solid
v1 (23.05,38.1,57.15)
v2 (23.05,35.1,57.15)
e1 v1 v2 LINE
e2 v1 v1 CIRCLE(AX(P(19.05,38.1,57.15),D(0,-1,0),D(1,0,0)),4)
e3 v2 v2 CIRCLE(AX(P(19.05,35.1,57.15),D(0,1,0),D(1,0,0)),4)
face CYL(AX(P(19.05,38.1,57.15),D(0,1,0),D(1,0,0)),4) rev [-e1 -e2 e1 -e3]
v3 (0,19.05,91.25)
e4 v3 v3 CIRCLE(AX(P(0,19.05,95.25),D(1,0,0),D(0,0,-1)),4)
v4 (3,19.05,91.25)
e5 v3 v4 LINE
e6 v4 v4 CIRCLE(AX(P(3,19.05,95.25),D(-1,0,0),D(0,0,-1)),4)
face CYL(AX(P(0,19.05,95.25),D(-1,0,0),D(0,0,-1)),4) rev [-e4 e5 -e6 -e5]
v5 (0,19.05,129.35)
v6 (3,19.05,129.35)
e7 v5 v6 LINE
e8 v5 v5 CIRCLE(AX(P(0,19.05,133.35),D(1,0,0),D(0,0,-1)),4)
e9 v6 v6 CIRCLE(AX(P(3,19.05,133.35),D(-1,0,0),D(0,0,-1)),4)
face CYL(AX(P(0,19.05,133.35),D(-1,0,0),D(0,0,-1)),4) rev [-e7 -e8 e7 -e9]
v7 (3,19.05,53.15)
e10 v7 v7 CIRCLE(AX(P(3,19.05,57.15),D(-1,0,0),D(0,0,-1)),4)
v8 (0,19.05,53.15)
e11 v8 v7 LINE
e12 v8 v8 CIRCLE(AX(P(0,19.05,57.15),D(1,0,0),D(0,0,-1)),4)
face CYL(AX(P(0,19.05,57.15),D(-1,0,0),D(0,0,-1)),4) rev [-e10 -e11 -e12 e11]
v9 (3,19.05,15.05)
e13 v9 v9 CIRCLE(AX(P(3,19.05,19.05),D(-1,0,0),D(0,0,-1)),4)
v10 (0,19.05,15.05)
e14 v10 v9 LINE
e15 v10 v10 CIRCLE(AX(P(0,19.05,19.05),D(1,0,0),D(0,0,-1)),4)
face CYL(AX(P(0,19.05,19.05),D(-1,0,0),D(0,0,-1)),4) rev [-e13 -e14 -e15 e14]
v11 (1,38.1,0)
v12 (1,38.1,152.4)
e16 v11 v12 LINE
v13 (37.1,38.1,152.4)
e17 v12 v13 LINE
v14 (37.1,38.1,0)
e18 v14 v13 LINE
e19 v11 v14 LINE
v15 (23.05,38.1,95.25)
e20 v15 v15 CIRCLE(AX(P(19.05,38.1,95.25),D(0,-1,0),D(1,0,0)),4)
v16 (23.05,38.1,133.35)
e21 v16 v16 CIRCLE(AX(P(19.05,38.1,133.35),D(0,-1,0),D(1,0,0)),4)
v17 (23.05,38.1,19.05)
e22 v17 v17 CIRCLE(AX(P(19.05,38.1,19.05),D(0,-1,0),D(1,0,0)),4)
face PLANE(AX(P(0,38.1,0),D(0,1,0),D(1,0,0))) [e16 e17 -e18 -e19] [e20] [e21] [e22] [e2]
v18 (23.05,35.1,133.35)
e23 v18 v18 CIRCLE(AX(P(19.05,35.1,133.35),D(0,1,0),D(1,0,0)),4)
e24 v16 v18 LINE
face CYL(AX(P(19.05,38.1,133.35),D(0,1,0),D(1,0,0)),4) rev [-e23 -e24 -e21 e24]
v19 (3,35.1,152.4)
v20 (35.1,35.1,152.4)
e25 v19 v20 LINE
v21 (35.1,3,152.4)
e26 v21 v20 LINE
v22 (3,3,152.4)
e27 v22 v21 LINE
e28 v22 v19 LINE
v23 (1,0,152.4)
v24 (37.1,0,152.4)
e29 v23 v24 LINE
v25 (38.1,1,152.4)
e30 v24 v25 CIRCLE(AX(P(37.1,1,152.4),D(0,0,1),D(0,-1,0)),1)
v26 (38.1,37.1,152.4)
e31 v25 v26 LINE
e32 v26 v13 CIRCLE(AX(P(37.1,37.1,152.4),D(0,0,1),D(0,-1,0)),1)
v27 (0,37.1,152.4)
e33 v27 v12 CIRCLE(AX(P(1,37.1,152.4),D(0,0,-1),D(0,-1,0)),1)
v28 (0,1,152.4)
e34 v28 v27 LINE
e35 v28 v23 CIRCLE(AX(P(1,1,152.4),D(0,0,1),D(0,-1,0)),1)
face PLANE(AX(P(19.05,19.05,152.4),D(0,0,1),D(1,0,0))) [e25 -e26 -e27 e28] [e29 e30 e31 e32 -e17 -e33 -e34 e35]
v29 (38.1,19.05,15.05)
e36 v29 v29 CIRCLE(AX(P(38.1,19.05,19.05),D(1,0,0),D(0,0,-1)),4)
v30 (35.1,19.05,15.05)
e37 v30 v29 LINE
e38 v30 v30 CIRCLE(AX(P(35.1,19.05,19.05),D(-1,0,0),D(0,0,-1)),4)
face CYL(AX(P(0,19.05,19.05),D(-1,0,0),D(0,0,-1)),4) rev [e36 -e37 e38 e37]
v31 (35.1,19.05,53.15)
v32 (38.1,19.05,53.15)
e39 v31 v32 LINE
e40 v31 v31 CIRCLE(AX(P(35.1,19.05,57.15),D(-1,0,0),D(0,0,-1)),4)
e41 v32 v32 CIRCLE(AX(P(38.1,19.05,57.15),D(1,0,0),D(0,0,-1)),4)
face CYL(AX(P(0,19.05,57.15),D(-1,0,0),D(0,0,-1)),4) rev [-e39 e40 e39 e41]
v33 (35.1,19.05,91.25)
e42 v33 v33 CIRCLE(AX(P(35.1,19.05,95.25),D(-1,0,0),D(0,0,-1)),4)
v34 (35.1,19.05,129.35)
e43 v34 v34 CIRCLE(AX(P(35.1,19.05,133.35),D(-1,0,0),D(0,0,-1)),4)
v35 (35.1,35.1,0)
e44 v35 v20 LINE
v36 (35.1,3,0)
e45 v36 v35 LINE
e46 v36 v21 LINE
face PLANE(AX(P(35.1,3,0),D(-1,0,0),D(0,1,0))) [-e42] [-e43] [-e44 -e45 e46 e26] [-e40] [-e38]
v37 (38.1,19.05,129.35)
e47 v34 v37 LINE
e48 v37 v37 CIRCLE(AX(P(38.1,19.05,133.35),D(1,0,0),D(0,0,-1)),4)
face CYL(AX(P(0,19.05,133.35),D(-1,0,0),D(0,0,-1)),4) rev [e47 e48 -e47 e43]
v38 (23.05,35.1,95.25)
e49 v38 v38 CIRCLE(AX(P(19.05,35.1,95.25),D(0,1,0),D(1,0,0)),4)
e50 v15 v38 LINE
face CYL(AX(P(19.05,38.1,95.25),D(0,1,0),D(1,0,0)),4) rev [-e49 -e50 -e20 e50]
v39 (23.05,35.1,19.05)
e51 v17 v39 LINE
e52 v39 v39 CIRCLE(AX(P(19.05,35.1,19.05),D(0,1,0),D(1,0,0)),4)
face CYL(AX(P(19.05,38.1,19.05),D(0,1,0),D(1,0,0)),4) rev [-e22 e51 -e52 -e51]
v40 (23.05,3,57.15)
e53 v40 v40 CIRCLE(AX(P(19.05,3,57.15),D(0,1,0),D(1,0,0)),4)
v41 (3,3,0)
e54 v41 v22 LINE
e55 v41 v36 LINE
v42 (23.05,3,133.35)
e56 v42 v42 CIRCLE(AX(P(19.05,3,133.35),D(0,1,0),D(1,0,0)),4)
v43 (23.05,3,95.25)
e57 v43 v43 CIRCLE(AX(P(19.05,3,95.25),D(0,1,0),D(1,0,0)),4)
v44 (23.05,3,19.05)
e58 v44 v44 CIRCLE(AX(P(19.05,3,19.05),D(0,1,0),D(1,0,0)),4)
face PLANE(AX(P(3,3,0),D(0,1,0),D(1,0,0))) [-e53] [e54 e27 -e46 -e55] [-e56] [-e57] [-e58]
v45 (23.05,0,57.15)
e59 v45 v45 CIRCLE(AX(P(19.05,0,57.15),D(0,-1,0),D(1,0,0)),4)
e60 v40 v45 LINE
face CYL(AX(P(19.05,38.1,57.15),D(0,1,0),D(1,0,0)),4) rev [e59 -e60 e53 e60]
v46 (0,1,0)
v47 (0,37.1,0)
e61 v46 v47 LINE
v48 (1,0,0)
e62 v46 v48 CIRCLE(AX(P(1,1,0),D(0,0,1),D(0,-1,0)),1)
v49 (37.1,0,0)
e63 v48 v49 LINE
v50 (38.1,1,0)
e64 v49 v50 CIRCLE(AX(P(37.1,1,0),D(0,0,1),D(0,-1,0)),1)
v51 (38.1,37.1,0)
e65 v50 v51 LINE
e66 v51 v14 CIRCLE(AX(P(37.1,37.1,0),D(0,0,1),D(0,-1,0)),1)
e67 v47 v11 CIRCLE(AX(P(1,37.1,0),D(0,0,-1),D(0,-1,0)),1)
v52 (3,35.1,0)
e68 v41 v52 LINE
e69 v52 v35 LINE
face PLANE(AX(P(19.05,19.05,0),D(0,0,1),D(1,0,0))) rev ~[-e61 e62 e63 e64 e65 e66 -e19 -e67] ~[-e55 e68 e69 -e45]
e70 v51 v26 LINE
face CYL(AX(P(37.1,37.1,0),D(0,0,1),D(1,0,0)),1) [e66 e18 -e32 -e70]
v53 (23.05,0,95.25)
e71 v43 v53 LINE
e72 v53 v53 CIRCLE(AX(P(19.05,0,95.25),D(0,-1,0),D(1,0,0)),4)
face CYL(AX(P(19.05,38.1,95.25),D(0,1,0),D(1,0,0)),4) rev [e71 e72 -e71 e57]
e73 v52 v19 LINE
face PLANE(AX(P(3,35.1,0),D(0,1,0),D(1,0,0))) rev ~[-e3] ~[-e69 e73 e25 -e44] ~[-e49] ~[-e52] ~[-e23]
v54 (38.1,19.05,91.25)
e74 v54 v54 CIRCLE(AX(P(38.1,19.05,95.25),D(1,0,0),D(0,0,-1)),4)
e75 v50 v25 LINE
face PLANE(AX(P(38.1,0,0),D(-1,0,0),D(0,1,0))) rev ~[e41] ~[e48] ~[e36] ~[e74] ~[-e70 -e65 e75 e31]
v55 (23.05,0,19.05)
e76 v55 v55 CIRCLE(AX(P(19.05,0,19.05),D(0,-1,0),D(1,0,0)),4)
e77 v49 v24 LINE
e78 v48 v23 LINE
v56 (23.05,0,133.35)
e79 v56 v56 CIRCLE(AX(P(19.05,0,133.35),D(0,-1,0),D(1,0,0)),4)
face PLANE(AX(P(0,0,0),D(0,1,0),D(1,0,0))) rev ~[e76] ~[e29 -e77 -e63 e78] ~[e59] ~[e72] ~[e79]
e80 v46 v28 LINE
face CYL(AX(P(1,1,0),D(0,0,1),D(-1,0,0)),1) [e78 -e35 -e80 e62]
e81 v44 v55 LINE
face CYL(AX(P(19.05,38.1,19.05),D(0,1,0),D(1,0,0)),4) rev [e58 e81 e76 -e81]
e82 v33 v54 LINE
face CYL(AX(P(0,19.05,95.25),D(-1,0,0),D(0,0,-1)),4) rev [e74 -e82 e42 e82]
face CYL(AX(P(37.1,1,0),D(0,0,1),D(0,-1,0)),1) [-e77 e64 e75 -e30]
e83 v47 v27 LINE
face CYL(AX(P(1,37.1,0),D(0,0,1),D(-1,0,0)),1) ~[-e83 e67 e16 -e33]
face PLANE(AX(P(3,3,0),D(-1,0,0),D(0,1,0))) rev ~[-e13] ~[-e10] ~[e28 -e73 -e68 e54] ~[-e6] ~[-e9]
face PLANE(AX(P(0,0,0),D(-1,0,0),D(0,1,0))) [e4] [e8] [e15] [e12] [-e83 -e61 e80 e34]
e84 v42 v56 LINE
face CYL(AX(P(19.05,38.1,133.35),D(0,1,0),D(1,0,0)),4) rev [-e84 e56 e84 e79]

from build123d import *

# Parameters (mm, degrees)
BOX001_W               = 32.1
BOX001_H               = 32.1
BOX001_DEPTH           = 152.4
CYLINDER_R             = 4
CYLINDER_DEPTH         = 38.1
CYLINDER_PITCH_ANGLE   = 90
ARRAY001_Z_COUNT       = 4
ARRAY001_Z_PITCH       = 38.1
CYLINDER001_R          = 4
CYLINDER001_DEPTH      = 38.1
CYLINDER001_ROLL_ANGLE = 90
ARRAY_Z_COUNT          = 4
ARRAY_Z_PITCH          = 38.1
BOX_W                  = 38.1
BOX_H                  = 38.1
BOX_DEPTH              = 152.4
FILLET_R               = 1


with BuildPart() as cutout:
    # Box001 → Box001 (new body)
    with BuildSketch(Plane(origin=(3, 3, 0), x_dir=(1, 0, 0), z_dir=(0, 0, 1))):
        with Locations((16.05, 16.05)):
            Rectangle(BOX001_W, BOX001_H)
    extrude(amount=BOX001_DEPTH)


with BuildPart() as holes2:
    # Cylinder → Cylinder (new body)
    with BuildSketch(Plane.XY):
        Circle(CYLINDER_R)
    extrude(amount=CYLINDER_DEPTH)


with BuildPart() as holes2_1:
    # Cylinder pitch: moved
    add(holes2.part.rotate(Axis((0, 0, 0), (0, 1, 0)), CYLINDER_PITCH_ANGLE))


with BuildPart() as holes2_2:
    # Cylinder placement: moved
    add(holes2_1.part.moved(Location((0, 19.05, 19.05))))

    # Array001 Z: Holes2 ×4


with BuildPart() as holes2_3:
    add(holes2_2.part)
    with Locations(*[(0, 0, i * ARRAY001_Z_PITCH) for i in range(1, ARRAY001_Z_COUNT)]):
        add(holes2_2.part)


with BuildPart() as holes1:
    # Cylinder001 → Cylinder001 (new body)
    with BuildSketch(Plane.XY):
        Circle(CYLINDER001_R)
    extrude(amount=CYLINDER001_DEPTH)


with BuildPart() as holes1_1:
    # Cylinder001 roll: moved
    add(holes1.part.rotate(Axis((0, 0, 0), (1, 0, 0)), CYLINDER001_ROLL_ANGLE))


with BuildPart() as holes1_2:
    # Cylinder001 placement: moved
    add(holes1_1.part.moved(Location((19.05, 38.1, 19.05))))

    # Array Z: Holes1 ×4


with BuildPart() as holes1_3:
    add(holes1_2.part)
    with Locations(*[(0, 0, i * ARRAY_Z_PITCH) for i in range(1, ARRAY_Z_COUNT)]):
        add(holes1_2.part)


with BuildPart() as cut002:
    # Box → Box (new body)
    with BuildSketch(Plane.XY):
        with Locations((19.05, 19.05)):
            Rectangle(BOX_W, BOX_H)
    extrude(amount=BOX_DEPTH)

    # Fillet
    fillet_edges = [cut002.edges().sort_by_distance(p)[0] for p in [
        (0, 0, 76.2),
        (38.1, 0, 76.2),
        (38.1, 38.1, 76.2),
        (0, 38.1, 76.2),
    ]]
    fillet(fillet_edges, radius=FILLET_R)

    # Cut: cut Holes1
    add(holes1_3.part, mode=Mode.SUBTRACT)

    # Cut001: cut Holes2
    add(holes2_3.part, mode=Mode.SUBTRACT)

    # Cut002: cut Cutout
    add(cutout.part, mode=Mode.SUBTRACT)


solid = cut002.part
